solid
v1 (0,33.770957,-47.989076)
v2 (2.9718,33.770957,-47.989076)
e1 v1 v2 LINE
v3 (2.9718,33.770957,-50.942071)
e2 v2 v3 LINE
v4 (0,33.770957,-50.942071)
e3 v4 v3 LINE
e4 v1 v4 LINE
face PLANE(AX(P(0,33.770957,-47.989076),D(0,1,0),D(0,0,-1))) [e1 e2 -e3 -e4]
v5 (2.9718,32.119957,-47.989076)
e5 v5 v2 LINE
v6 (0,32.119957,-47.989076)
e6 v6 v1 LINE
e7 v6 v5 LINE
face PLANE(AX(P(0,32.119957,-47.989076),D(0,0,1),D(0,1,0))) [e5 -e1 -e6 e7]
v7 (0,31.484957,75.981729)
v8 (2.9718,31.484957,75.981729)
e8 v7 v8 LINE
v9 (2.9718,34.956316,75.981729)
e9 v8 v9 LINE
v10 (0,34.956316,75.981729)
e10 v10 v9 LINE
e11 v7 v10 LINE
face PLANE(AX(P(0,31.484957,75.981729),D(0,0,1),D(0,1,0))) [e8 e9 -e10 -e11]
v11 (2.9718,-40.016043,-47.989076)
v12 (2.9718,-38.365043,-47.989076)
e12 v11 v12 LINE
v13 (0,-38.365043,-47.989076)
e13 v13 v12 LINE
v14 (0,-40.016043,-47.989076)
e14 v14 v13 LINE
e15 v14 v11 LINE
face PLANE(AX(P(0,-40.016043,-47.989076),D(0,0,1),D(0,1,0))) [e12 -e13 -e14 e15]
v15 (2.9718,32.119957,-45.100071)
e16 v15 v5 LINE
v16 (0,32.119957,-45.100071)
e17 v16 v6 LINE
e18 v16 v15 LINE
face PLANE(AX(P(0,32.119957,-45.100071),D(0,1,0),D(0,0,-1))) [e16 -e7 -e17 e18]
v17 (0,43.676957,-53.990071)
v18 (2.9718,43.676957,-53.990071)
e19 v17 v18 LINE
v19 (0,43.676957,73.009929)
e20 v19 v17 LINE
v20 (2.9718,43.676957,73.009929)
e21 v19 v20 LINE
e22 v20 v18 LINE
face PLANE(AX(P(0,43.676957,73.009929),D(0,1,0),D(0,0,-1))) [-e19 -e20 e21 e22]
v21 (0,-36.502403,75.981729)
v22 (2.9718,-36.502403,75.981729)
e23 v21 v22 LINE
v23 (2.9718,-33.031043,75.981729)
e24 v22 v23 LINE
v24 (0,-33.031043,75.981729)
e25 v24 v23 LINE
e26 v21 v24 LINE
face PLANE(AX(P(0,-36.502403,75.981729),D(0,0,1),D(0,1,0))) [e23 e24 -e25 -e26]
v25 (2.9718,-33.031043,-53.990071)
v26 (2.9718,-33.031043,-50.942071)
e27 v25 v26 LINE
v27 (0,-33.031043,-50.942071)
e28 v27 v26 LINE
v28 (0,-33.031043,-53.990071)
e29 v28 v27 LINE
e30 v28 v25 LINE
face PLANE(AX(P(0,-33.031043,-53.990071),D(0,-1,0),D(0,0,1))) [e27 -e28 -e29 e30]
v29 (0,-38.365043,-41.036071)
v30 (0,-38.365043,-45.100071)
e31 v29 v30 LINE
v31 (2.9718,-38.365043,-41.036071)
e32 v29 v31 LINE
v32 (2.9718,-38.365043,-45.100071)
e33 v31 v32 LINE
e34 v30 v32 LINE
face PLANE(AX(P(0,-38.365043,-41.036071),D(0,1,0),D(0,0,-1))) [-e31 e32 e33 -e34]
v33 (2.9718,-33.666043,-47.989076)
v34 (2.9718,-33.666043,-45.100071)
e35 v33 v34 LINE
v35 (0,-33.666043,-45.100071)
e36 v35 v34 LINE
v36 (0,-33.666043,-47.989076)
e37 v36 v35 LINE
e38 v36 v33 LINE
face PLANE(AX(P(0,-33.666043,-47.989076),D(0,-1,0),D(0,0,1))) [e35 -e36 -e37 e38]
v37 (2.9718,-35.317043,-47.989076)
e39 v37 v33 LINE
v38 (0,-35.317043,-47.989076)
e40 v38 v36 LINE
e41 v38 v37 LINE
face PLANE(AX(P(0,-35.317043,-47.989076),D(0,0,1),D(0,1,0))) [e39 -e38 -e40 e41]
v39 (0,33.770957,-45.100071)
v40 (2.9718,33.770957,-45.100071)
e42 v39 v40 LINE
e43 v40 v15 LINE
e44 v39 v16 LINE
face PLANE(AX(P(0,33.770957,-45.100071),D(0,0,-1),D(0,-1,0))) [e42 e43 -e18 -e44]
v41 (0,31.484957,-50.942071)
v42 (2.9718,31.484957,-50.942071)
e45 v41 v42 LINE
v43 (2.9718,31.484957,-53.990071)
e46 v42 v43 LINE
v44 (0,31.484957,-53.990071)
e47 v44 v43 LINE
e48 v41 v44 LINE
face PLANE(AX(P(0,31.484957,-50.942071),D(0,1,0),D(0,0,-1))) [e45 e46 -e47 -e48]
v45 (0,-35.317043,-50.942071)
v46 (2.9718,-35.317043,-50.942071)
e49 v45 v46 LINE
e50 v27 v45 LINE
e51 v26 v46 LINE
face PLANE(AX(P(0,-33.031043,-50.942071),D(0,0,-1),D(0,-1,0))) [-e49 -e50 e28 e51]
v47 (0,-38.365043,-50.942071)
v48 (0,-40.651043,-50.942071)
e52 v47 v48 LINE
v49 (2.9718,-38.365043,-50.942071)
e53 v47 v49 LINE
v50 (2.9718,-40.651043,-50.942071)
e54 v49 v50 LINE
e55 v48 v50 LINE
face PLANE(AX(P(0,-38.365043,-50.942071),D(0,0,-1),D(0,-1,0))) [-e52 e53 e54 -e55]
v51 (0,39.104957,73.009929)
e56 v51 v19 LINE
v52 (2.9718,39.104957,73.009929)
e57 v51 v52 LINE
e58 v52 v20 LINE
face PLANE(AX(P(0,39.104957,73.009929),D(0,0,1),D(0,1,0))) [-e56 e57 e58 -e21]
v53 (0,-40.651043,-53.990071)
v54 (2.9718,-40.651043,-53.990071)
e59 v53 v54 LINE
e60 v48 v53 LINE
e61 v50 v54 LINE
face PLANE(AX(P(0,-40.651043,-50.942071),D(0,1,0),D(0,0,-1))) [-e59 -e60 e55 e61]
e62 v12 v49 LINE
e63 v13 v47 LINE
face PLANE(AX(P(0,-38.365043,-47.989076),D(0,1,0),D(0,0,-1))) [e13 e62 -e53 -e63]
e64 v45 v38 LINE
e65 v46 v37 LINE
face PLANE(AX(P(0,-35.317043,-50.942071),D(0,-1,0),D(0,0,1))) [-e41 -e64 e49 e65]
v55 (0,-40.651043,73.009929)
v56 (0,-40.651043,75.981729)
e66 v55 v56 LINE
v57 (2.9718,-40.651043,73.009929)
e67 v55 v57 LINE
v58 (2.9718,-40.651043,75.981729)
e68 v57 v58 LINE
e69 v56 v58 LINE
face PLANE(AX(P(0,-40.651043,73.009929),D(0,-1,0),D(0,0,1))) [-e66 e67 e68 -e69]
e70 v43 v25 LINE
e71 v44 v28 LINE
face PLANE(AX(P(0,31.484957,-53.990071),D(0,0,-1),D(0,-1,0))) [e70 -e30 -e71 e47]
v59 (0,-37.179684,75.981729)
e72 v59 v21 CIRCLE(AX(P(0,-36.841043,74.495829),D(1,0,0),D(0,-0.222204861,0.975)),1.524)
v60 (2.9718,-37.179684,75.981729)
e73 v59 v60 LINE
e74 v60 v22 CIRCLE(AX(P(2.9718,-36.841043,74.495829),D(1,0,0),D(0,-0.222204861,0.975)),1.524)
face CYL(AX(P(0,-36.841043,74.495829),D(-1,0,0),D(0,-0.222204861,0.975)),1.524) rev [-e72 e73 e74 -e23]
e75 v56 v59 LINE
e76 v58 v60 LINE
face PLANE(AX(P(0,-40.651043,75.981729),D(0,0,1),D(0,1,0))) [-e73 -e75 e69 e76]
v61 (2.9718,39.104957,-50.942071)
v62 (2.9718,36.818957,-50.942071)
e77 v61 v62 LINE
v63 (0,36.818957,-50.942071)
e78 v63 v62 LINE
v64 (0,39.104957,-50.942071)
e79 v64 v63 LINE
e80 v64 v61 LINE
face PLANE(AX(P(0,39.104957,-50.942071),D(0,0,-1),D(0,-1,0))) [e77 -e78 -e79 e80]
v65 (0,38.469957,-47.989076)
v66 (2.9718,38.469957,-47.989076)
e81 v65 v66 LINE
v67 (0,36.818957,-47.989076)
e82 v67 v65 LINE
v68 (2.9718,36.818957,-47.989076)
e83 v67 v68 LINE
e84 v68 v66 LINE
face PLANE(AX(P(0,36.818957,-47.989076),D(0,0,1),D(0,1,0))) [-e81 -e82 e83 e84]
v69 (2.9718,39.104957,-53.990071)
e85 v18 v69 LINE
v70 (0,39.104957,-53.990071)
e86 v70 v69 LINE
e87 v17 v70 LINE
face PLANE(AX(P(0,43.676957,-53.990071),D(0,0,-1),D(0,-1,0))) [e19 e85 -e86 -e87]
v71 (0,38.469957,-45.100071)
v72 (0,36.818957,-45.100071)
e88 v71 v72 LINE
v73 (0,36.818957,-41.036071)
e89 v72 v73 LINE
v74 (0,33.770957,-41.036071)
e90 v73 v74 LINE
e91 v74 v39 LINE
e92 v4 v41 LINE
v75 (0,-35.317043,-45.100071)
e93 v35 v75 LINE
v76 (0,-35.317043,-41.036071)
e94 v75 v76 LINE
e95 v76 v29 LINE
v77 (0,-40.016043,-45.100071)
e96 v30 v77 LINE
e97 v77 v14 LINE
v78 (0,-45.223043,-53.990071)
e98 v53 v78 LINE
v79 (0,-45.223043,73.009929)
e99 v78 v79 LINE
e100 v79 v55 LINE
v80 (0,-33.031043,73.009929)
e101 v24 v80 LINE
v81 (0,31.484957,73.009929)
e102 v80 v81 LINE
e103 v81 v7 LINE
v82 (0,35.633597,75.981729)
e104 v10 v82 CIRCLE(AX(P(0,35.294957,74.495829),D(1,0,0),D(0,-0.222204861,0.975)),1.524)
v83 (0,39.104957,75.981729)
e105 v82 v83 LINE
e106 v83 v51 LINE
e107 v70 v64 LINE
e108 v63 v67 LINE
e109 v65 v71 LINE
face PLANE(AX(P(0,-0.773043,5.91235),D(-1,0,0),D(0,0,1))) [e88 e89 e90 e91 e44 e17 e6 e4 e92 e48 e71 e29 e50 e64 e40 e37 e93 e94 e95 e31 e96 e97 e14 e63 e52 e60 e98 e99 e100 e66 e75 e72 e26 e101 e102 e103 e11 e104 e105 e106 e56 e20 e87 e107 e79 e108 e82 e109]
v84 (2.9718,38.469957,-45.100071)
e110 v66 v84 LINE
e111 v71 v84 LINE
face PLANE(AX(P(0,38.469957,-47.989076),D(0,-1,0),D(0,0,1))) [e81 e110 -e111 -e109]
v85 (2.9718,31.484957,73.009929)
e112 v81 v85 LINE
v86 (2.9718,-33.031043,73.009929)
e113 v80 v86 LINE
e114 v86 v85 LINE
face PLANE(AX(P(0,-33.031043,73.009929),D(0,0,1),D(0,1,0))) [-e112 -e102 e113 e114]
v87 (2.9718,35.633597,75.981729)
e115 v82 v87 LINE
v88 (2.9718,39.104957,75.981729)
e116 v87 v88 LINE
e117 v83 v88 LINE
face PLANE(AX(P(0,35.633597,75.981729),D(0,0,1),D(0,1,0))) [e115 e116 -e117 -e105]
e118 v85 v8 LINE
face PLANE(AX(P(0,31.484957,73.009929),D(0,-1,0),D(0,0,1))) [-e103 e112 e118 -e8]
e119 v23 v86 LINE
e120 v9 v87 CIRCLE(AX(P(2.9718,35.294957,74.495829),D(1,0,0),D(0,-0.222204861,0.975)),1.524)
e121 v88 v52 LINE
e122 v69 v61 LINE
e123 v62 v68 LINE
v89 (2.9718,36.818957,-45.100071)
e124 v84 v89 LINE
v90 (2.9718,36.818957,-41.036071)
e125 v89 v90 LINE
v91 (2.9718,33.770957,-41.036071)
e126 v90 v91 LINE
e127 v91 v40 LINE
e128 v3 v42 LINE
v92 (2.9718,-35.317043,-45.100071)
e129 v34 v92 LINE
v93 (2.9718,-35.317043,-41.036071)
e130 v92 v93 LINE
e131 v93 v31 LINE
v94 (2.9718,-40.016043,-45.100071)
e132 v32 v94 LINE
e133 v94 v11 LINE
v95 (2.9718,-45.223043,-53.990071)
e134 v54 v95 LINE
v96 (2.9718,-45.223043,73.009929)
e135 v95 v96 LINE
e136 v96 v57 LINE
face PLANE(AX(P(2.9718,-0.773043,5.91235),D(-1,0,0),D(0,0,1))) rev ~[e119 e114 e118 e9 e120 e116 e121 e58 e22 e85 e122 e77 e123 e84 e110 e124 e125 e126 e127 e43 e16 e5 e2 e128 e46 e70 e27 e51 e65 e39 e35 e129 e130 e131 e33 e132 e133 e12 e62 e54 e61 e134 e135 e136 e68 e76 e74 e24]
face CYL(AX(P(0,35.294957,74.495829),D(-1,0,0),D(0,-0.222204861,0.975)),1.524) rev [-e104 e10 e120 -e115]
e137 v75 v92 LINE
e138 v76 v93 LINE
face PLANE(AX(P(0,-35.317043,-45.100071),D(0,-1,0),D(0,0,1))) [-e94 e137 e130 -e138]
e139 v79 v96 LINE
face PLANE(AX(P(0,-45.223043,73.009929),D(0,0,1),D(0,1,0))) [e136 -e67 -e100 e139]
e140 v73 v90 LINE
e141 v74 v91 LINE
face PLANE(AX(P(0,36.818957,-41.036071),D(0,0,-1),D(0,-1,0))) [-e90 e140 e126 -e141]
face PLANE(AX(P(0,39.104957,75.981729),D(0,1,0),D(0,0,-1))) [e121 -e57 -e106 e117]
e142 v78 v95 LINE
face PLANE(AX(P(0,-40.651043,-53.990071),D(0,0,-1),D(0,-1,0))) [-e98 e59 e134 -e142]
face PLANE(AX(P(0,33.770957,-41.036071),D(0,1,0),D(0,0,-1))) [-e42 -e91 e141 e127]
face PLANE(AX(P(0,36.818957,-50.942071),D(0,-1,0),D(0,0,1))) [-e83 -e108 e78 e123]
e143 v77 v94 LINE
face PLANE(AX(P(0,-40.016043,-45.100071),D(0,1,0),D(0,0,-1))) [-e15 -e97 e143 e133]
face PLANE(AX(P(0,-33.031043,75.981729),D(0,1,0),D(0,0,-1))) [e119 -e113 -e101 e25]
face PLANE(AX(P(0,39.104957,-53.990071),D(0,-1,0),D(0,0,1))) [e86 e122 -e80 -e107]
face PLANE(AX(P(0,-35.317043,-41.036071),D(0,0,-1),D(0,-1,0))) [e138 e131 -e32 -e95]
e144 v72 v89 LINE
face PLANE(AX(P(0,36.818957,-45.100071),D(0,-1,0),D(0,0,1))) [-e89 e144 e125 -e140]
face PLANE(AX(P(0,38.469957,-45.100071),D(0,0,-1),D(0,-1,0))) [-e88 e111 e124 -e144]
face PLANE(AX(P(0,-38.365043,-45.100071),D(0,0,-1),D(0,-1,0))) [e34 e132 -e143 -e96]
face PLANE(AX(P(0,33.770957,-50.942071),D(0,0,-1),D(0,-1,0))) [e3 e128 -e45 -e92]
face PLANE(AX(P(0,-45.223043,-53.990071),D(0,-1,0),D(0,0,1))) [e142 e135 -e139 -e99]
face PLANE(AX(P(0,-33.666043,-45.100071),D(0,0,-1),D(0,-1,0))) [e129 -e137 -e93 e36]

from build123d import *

# Parameters (mm, degrees)
BOSS_EXTRUDE1_DEPTH = 2.9718


with BuildPart() as part:
    # Sketch2 → Boss-Extrude1 (new body)
    with BuildSketch(Plane(origin=(0, 0, 0), x_dir=(0, 0, -1), z_dir=(1, 0, 0))):
        with BuildLine():
            Line((-73.009928621, 43.676956522), (53.990071379, 43.676956522))
            Line((53.990071379, 43.676956522), (53.990071379, 39.104956522))
            Line((53.990071379, 39.104956522), (50.942071379, 39.104956522))
            Line((50.942071379, 39.104956522), (50.942071379, 36.818956522))
            Line((50.942071379, 36.818956522), (47.989076338, 36.818956522))
            Line((47.989076338, 36.818956522), (47.989076338, 38.469956522))
            Line((47.989076338, 38.469956522), (45.100071379, 38.469956522))
            Line((45.100071379, 38.469956522), (45.100071379, 36.818956522))
            Line((45.100071379, 36.818956522), (41.036071379, 36.818956522))
            Line((41.036071379, 36.818956522), (41.036071379, 33.770956522))
            Line((41.036071379, 33.770956522), (45.100071379, 33.770956522))
            Line((45.100071379, 33.770956522), (45.100071379, 32.119956522))
            Line((45.100071379, 32.119956522), (47.989076338, 32.119956522))
            Line((47.989076338, 32.119956522), (47.989076338, 33.770956522))
            Line((47.989076338, 33.770956522), (50.942071379, 33.770956522))
            Line((50.942071379, 33.770956522), (50.942071379, 31.484956522))
            Line((50.942071379, 31.484956522), (53.990071379, 31.484956522))
            Line((53.990071379, 31.484956522), (53.990071379, -33.031043478))
            Line((53.990071379, -33.031043478), (50.942071379, -33.031043478))
            Line((50.942071379, -33.031043478), (50.942071379, -35.317043478))
            Line((50.942071379, -35.317043478), (47.989076338, -35.317043478))
            Line((47.989076338, -35.317043478), (47.989076338, -33.666043478))
            Line((47.989076338, -33.666043478), (45.100071379, -33.666043478))
            Line((45.100071379, -33.666043478), (45.100071379, -35.317043478))
            Line((45.100071379, -35.317043478), (41.036071379, -35.317043478))
            Line((41.036071379, -35.317043478), (41.036071379, -38.365043478))
            Line((41.036071379, -38.365043478), (45.100071379, -38.365043478))
            Line((45.100071379, -38.365043478), (45.100071379, -40.016043478))
            Line((45.100071379, -40.016043478), (47.989076338, -40.016043478))
            Line((47.989076338, -40.016043478), (47.989076338, -38.365043478))
            Line((47.989076338, -38.365043478), (50.942071379, -38.365043478))
            Line((50.942071379, -38.365043478), (50.942071379, -40.651043478))
            Line((50.942071379, -40.651043478), (53.990071379, -40.651043478))
            Line((53.990071379, -40.651043478), (53.990071379, -45.223043478))
            Line((53.990071379, -45.223043478), (-73.009928621, -45.223043478))
            Line((-73.009928621, -45.223043478), (-73.009928621, -40.651043478))
            Line((-73.009928621, -40.651043478), (-75.981728621, -40.651043478))
            Line((-75.981728621, -40.651043478), (-75.981728621, -37.179683686))
            ThreePointArc((-75.981728621, -37.179683686), (-72.971828621, -36.841043478), (-75.981728621, -36.502403271))
            Line((-75.981728621, -36.502403271), (-75.981728621, -33.031043478))
            Line((-75.981728621, -33.031043478), (-73.009928621, -33.031043478))
            Line((-73.009928621, -33.031043478), (-73.009928621, 31.484956522))
            Line((-73.009928621, 31.484956522), (-75.981728621, 31.484956522))
            Line((-75.981728621, 31.484956522), (-75.981728621, 34.956316314))
            ThreePointArc((-75.981728621, 34.956316314), (-72.971828621, 35.294956522), (-75.981728621, 35.633596729))
            Line((-75.981728621, 35.633596729), (-75.981728621, 39.104956522))
            Line((-75.981728621, 39.104956522), (-73.009928621, 39.104956522))
            Line((-73.009928621, 39.104956522), (-73.009928621, 43.676956522))
        make_face()
    extrude(amount=BOSS_EXTRUDE1_DEPTH)


solid = part.part
